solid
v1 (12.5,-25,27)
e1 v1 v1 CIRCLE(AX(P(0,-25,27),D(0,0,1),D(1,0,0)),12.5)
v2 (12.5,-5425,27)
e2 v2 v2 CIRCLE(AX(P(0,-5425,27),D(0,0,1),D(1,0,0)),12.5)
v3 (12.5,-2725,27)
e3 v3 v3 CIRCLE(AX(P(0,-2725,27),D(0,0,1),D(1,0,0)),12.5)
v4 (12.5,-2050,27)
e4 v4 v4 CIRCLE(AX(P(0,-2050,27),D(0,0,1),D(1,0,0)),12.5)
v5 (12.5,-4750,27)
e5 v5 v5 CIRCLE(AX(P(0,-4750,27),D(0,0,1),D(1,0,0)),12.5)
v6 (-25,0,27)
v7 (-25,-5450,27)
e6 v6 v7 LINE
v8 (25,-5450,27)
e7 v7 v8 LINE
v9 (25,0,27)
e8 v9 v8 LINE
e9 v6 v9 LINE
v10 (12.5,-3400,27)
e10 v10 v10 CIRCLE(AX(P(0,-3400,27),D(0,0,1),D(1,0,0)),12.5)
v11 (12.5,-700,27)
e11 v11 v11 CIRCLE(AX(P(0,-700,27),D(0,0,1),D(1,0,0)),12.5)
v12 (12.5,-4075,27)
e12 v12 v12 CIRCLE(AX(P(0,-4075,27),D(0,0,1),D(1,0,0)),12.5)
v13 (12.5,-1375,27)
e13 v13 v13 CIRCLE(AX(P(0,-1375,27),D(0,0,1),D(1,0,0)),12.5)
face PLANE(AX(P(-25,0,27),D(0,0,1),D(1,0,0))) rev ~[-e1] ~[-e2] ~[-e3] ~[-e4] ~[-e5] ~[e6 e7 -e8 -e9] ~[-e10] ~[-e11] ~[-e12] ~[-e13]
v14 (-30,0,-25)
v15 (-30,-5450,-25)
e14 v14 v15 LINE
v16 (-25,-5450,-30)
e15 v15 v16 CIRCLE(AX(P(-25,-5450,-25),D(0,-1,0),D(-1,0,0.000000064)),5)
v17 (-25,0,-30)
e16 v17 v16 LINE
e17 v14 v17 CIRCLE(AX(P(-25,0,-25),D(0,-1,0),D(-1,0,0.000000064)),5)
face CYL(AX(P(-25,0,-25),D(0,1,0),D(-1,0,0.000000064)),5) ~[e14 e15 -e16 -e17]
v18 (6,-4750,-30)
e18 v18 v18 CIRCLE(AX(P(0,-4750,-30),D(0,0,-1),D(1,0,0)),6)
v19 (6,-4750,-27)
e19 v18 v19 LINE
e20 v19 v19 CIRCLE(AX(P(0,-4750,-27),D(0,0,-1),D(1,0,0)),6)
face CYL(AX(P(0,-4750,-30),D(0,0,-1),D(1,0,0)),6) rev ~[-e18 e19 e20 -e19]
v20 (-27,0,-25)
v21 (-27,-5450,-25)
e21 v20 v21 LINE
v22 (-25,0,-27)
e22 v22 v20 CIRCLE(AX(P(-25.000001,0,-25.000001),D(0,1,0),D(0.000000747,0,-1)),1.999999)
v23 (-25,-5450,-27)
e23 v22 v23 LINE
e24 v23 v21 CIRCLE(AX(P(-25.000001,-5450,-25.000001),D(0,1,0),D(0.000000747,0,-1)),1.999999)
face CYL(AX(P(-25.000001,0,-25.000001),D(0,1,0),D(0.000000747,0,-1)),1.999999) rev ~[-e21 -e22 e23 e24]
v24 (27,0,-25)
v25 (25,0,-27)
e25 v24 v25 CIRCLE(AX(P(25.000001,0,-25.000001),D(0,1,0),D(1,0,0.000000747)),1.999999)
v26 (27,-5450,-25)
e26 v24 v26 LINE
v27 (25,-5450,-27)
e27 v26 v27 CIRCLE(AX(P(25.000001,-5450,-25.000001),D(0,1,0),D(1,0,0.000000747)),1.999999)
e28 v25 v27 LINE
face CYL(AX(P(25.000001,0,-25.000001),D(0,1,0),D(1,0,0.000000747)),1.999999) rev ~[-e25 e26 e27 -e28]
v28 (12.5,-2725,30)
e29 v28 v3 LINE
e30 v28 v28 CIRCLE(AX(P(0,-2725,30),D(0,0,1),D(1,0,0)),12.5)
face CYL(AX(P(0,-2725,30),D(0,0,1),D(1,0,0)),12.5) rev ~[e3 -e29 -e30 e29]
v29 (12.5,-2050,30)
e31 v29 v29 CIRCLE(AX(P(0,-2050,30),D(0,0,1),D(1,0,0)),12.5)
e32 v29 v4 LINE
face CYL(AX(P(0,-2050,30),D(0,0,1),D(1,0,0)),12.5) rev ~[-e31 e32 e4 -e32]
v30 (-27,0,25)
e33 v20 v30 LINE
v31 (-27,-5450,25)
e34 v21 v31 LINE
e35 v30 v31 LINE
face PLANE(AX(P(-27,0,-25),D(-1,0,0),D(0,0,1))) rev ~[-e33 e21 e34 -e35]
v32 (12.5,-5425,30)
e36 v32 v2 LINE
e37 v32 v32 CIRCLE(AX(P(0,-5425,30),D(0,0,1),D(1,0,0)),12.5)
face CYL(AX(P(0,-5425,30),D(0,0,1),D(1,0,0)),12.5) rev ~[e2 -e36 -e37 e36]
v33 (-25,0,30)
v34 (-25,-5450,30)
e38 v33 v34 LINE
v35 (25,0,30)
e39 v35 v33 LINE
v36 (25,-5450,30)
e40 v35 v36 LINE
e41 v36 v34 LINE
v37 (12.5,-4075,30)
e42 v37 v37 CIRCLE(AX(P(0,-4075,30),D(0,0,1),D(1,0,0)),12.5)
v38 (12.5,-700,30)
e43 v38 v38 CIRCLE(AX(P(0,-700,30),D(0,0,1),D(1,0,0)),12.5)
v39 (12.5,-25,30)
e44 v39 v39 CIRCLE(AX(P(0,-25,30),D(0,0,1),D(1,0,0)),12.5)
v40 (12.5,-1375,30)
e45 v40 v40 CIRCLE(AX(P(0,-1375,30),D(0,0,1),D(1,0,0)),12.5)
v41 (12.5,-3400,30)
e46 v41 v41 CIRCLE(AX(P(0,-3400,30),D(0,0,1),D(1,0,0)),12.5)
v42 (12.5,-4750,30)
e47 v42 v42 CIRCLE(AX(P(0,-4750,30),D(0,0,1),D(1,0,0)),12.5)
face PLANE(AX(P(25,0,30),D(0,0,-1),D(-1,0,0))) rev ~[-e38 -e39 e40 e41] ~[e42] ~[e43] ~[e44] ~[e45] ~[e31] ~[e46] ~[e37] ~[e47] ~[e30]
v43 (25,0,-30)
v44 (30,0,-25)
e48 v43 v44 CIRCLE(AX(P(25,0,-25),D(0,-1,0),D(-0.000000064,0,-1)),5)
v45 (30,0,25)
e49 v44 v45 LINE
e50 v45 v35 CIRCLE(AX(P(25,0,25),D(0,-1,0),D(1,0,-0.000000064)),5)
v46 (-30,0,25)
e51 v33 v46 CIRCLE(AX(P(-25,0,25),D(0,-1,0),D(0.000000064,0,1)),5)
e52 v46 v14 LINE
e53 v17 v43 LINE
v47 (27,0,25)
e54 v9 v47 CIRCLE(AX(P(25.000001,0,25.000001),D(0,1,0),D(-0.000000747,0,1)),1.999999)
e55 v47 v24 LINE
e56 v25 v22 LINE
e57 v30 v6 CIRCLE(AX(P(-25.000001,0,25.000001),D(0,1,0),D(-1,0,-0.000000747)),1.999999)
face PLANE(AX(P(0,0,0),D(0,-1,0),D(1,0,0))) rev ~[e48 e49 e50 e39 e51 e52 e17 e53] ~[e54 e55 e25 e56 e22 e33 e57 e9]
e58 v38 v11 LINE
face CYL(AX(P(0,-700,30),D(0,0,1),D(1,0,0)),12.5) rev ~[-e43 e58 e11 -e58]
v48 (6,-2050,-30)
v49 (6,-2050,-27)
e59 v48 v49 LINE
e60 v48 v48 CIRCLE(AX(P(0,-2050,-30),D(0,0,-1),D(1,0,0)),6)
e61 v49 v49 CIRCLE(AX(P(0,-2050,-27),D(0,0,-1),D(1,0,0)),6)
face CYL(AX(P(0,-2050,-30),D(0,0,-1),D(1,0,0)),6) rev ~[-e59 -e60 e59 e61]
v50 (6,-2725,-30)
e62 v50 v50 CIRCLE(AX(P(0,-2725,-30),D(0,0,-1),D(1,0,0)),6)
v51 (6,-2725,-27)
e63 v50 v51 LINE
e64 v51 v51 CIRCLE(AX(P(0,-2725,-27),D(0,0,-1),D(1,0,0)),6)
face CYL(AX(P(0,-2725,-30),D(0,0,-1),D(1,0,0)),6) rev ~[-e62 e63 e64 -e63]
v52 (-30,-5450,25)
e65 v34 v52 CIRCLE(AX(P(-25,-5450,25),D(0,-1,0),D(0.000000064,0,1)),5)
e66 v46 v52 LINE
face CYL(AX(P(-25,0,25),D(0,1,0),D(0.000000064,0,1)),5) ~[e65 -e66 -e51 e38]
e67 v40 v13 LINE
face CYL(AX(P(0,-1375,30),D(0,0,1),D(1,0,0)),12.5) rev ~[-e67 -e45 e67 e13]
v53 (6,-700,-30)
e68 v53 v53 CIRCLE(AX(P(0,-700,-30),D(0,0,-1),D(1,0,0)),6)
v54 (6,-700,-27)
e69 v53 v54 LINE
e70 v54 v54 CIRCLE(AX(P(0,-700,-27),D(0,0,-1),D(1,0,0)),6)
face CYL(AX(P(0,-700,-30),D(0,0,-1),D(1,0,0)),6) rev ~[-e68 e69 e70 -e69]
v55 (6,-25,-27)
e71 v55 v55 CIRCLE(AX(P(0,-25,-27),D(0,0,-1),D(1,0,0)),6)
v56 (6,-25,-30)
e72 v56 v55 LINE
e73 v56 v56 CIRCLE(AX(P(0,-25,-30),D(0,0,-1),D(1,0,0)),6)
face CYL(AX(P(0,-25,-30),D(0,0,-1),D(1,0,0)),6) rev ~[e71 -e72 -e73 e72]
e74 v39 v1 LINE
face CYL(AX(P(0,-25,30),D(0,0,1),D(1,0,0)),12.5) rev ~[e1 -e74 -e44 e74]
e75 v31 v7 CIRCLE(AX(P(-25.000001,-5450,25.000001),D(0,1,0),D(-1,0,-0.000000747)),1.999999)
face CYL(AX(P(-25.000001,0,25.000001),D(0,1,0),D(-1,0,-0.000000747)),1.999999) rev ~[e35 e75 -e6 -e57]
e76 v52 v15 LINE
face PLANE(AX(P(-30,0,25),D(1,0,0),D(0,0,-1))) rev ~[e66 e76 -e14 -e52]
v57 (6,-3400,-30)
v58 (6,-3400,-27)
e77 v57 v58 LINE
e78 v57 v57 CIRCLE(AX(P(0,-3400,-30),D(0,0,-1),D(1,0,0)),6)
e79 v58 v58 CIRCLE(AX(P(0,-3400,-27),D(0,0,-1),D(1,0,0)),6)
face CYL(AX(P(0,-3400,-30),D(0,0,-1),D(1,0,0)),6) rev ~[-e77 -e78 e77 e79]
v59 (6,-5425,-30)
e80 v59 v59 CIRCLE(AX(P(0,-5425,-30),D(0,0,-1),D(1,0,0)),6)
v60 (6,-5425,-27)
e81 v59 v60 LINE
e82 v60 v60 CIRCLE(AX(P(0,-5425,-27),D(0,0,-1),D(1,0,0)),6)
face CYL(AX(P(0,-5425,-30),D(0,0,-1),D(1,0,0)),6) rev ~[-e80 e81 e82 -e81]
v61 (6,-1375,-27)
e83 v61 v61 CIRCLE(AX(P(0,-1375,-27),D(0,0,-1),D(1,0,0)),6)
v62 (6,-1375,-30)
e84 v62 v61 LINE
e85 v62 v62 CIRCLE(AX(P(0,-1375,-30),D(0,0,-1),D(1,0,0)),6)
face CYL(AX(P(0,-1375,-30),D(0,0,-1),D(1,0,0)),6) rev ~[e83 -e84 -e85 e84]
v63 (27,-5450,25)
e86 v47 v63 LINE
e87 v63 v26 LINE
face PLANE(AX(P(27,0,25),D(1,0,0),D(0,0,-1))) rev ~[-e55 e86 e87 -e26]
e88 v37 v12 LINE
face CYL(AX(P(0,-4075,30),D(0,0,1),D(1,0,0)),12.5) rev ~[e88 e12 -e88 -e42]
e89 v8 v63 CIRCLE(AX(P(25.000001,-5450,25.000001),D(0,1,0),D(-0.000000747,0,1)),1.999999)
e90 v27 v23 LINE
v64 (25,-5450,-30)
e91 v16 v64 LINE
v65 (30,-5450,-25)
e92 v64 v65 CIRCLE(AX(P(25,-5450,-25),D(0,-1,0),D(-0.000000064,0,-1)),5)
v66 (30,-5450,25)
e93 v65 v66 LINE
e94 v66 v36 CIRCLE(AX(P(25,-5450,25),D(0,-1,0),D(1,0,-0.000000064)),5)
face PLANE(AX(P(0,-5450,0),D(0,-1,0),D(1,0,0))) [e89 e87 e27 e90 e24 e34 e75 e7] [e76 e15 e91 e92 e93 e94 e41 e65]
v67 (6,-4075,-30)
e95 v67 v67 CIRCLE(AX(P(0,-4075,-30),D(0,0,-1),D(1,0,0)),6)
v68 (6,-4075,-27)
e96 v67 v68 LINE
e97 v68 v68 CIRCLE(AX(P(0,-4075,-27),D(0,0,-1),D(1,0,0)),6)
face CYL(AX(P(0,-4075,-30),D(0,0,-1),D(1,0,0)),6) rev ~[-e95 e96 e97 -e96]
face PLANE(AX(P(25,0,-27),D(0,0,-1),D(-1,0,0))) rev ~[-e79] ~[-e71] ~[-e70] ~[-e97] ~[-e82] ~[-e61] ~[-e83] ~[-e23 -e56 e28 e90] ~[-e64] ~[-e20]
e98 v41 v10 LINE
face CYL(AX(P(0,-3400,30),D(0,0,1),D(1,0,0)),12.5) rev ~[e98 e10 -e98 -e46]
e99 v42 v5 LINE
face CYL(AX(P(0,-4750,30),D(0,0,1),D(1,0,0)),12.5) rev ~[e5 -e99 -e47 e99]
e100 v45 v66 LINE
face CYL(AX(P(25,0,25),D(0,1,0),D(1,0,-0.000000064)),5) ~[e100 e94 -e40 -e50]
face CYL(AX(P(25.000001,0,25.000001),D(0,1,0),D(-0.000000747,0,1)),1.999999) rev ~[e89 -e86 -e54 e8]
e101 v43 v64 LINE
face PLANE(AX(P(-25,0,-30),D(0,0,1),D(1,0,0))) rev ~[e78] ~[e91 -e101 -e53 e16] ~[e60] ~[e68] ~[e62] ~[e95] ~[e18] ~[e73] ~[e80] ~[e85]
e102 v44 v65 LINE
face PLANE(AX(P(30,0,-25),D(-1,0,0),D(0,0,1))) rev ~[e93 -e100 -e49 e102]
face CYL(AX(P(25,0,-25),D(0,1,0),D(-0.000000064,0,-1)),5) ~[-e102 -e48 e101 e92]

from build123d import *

# Parameters (mm, degrees)
F1_DEPTH = 5450
F2_R     = 12.5
F3_DEPTH = 4
F4_R     = 6
F5_DEPTH = 4


with BuildPart() as f1:
    # F0 (on Front) → F1 (new body)
    with BuildSketch(Plane.XZ):
        with BuildLine():
            Line((25, 30), (-25, 30))
            ThreePointArc((-25, 30), (-28.535534, 28.535534), (-30, 25))
            Line((-30, 25), (-30, -25))
            ThreePointArc((-30, -25), (-28.535534, -28.535534), (-25, -30))
            Line((-25, -30), (25, -30))
            ThreePointArc((25, -30), (28.535534, -28.535534), (30, -25))
            Line((30, -25), (30, 25))
            ThreePointArc((30, 25), (28.535534, 28.535534), (25, 30))
        make_face()
        with BuildLine():
            Line((-27, -25), (-27, 25))
            ThreePointArc((-27, 25), (-26.414214, 26.414214), (-25, 27))
            Line((-25, 27), (25, 27))
            ThreePointArc((25, 27), (26.414214, 26.414214), (27, 25))
            Line((27, 25), (27, -25))
            ThreePointArc((27, -25), (26.414214, -26.414214), (25, -27))
            Line((25, -27), (-25, -27))
            ThreePointArc((-25, -27), (-26.414214, -26.414214), (-27, -25))
        make_face(mode=Mode.SUBTRACT)
    extrude(amount=F1_DEPTH)

    # F2 (on face) → F3 (cut)
    with BuildSketch(Plane.XY.offset(30)):
        with Locations((0, -5425)):
            Circle(F2_R)
        with Locations((0, -4750)):
            Circle(F2_R)
        with Locations((0, -4075)):
            Circle(F2_R)
        with Locations((0, -3400)):
            Circle(F2_R)
        with Locations((0, -2725)):
            Circle(F2_R)
        with Locations((0, -2050)):
            Circle(F2_R)
        with Locations((0, -1375)):
            Circle(F2_R)
        with Locations((0, -700)):
            Circle(F2_R)
        with Locations((0, -25)):
            Circle(F2_R)
    extrude(amount=-F3_DEPTH, mode=Mode.SUBTRACT)

    # F4 (on face) → F5 (cut)
    with BuildSketch(Plane(origin=(0, 0, -30), x_dir=(1, 0, 0), z_dir=(0, 0, -1))):
        with Locations((0, 25)):
            Circle(F4_R)
        with Locations((0, 700)):
            Circle(F4_R)
        with Locations((0, 1375)):
            Circle(F4_R)
        with Locations((0, 2050)):
            Circle(F4_R)
        with Locations((0, 2725)):
            Circle(F4_R)
        with Locations((0, 3400)):
            Circle(F4_R)
        with Locations((0, 4075)):
            Circle(F4_R)
        with Locations((0, 4750)):
            Circle(F4_R)
        with Locations((0, 5425)):
            Circle(F4_R)
    extrude(amount=-F5_DEPTH, mode=Mode.SUBTRACT)


solid = f1.part
